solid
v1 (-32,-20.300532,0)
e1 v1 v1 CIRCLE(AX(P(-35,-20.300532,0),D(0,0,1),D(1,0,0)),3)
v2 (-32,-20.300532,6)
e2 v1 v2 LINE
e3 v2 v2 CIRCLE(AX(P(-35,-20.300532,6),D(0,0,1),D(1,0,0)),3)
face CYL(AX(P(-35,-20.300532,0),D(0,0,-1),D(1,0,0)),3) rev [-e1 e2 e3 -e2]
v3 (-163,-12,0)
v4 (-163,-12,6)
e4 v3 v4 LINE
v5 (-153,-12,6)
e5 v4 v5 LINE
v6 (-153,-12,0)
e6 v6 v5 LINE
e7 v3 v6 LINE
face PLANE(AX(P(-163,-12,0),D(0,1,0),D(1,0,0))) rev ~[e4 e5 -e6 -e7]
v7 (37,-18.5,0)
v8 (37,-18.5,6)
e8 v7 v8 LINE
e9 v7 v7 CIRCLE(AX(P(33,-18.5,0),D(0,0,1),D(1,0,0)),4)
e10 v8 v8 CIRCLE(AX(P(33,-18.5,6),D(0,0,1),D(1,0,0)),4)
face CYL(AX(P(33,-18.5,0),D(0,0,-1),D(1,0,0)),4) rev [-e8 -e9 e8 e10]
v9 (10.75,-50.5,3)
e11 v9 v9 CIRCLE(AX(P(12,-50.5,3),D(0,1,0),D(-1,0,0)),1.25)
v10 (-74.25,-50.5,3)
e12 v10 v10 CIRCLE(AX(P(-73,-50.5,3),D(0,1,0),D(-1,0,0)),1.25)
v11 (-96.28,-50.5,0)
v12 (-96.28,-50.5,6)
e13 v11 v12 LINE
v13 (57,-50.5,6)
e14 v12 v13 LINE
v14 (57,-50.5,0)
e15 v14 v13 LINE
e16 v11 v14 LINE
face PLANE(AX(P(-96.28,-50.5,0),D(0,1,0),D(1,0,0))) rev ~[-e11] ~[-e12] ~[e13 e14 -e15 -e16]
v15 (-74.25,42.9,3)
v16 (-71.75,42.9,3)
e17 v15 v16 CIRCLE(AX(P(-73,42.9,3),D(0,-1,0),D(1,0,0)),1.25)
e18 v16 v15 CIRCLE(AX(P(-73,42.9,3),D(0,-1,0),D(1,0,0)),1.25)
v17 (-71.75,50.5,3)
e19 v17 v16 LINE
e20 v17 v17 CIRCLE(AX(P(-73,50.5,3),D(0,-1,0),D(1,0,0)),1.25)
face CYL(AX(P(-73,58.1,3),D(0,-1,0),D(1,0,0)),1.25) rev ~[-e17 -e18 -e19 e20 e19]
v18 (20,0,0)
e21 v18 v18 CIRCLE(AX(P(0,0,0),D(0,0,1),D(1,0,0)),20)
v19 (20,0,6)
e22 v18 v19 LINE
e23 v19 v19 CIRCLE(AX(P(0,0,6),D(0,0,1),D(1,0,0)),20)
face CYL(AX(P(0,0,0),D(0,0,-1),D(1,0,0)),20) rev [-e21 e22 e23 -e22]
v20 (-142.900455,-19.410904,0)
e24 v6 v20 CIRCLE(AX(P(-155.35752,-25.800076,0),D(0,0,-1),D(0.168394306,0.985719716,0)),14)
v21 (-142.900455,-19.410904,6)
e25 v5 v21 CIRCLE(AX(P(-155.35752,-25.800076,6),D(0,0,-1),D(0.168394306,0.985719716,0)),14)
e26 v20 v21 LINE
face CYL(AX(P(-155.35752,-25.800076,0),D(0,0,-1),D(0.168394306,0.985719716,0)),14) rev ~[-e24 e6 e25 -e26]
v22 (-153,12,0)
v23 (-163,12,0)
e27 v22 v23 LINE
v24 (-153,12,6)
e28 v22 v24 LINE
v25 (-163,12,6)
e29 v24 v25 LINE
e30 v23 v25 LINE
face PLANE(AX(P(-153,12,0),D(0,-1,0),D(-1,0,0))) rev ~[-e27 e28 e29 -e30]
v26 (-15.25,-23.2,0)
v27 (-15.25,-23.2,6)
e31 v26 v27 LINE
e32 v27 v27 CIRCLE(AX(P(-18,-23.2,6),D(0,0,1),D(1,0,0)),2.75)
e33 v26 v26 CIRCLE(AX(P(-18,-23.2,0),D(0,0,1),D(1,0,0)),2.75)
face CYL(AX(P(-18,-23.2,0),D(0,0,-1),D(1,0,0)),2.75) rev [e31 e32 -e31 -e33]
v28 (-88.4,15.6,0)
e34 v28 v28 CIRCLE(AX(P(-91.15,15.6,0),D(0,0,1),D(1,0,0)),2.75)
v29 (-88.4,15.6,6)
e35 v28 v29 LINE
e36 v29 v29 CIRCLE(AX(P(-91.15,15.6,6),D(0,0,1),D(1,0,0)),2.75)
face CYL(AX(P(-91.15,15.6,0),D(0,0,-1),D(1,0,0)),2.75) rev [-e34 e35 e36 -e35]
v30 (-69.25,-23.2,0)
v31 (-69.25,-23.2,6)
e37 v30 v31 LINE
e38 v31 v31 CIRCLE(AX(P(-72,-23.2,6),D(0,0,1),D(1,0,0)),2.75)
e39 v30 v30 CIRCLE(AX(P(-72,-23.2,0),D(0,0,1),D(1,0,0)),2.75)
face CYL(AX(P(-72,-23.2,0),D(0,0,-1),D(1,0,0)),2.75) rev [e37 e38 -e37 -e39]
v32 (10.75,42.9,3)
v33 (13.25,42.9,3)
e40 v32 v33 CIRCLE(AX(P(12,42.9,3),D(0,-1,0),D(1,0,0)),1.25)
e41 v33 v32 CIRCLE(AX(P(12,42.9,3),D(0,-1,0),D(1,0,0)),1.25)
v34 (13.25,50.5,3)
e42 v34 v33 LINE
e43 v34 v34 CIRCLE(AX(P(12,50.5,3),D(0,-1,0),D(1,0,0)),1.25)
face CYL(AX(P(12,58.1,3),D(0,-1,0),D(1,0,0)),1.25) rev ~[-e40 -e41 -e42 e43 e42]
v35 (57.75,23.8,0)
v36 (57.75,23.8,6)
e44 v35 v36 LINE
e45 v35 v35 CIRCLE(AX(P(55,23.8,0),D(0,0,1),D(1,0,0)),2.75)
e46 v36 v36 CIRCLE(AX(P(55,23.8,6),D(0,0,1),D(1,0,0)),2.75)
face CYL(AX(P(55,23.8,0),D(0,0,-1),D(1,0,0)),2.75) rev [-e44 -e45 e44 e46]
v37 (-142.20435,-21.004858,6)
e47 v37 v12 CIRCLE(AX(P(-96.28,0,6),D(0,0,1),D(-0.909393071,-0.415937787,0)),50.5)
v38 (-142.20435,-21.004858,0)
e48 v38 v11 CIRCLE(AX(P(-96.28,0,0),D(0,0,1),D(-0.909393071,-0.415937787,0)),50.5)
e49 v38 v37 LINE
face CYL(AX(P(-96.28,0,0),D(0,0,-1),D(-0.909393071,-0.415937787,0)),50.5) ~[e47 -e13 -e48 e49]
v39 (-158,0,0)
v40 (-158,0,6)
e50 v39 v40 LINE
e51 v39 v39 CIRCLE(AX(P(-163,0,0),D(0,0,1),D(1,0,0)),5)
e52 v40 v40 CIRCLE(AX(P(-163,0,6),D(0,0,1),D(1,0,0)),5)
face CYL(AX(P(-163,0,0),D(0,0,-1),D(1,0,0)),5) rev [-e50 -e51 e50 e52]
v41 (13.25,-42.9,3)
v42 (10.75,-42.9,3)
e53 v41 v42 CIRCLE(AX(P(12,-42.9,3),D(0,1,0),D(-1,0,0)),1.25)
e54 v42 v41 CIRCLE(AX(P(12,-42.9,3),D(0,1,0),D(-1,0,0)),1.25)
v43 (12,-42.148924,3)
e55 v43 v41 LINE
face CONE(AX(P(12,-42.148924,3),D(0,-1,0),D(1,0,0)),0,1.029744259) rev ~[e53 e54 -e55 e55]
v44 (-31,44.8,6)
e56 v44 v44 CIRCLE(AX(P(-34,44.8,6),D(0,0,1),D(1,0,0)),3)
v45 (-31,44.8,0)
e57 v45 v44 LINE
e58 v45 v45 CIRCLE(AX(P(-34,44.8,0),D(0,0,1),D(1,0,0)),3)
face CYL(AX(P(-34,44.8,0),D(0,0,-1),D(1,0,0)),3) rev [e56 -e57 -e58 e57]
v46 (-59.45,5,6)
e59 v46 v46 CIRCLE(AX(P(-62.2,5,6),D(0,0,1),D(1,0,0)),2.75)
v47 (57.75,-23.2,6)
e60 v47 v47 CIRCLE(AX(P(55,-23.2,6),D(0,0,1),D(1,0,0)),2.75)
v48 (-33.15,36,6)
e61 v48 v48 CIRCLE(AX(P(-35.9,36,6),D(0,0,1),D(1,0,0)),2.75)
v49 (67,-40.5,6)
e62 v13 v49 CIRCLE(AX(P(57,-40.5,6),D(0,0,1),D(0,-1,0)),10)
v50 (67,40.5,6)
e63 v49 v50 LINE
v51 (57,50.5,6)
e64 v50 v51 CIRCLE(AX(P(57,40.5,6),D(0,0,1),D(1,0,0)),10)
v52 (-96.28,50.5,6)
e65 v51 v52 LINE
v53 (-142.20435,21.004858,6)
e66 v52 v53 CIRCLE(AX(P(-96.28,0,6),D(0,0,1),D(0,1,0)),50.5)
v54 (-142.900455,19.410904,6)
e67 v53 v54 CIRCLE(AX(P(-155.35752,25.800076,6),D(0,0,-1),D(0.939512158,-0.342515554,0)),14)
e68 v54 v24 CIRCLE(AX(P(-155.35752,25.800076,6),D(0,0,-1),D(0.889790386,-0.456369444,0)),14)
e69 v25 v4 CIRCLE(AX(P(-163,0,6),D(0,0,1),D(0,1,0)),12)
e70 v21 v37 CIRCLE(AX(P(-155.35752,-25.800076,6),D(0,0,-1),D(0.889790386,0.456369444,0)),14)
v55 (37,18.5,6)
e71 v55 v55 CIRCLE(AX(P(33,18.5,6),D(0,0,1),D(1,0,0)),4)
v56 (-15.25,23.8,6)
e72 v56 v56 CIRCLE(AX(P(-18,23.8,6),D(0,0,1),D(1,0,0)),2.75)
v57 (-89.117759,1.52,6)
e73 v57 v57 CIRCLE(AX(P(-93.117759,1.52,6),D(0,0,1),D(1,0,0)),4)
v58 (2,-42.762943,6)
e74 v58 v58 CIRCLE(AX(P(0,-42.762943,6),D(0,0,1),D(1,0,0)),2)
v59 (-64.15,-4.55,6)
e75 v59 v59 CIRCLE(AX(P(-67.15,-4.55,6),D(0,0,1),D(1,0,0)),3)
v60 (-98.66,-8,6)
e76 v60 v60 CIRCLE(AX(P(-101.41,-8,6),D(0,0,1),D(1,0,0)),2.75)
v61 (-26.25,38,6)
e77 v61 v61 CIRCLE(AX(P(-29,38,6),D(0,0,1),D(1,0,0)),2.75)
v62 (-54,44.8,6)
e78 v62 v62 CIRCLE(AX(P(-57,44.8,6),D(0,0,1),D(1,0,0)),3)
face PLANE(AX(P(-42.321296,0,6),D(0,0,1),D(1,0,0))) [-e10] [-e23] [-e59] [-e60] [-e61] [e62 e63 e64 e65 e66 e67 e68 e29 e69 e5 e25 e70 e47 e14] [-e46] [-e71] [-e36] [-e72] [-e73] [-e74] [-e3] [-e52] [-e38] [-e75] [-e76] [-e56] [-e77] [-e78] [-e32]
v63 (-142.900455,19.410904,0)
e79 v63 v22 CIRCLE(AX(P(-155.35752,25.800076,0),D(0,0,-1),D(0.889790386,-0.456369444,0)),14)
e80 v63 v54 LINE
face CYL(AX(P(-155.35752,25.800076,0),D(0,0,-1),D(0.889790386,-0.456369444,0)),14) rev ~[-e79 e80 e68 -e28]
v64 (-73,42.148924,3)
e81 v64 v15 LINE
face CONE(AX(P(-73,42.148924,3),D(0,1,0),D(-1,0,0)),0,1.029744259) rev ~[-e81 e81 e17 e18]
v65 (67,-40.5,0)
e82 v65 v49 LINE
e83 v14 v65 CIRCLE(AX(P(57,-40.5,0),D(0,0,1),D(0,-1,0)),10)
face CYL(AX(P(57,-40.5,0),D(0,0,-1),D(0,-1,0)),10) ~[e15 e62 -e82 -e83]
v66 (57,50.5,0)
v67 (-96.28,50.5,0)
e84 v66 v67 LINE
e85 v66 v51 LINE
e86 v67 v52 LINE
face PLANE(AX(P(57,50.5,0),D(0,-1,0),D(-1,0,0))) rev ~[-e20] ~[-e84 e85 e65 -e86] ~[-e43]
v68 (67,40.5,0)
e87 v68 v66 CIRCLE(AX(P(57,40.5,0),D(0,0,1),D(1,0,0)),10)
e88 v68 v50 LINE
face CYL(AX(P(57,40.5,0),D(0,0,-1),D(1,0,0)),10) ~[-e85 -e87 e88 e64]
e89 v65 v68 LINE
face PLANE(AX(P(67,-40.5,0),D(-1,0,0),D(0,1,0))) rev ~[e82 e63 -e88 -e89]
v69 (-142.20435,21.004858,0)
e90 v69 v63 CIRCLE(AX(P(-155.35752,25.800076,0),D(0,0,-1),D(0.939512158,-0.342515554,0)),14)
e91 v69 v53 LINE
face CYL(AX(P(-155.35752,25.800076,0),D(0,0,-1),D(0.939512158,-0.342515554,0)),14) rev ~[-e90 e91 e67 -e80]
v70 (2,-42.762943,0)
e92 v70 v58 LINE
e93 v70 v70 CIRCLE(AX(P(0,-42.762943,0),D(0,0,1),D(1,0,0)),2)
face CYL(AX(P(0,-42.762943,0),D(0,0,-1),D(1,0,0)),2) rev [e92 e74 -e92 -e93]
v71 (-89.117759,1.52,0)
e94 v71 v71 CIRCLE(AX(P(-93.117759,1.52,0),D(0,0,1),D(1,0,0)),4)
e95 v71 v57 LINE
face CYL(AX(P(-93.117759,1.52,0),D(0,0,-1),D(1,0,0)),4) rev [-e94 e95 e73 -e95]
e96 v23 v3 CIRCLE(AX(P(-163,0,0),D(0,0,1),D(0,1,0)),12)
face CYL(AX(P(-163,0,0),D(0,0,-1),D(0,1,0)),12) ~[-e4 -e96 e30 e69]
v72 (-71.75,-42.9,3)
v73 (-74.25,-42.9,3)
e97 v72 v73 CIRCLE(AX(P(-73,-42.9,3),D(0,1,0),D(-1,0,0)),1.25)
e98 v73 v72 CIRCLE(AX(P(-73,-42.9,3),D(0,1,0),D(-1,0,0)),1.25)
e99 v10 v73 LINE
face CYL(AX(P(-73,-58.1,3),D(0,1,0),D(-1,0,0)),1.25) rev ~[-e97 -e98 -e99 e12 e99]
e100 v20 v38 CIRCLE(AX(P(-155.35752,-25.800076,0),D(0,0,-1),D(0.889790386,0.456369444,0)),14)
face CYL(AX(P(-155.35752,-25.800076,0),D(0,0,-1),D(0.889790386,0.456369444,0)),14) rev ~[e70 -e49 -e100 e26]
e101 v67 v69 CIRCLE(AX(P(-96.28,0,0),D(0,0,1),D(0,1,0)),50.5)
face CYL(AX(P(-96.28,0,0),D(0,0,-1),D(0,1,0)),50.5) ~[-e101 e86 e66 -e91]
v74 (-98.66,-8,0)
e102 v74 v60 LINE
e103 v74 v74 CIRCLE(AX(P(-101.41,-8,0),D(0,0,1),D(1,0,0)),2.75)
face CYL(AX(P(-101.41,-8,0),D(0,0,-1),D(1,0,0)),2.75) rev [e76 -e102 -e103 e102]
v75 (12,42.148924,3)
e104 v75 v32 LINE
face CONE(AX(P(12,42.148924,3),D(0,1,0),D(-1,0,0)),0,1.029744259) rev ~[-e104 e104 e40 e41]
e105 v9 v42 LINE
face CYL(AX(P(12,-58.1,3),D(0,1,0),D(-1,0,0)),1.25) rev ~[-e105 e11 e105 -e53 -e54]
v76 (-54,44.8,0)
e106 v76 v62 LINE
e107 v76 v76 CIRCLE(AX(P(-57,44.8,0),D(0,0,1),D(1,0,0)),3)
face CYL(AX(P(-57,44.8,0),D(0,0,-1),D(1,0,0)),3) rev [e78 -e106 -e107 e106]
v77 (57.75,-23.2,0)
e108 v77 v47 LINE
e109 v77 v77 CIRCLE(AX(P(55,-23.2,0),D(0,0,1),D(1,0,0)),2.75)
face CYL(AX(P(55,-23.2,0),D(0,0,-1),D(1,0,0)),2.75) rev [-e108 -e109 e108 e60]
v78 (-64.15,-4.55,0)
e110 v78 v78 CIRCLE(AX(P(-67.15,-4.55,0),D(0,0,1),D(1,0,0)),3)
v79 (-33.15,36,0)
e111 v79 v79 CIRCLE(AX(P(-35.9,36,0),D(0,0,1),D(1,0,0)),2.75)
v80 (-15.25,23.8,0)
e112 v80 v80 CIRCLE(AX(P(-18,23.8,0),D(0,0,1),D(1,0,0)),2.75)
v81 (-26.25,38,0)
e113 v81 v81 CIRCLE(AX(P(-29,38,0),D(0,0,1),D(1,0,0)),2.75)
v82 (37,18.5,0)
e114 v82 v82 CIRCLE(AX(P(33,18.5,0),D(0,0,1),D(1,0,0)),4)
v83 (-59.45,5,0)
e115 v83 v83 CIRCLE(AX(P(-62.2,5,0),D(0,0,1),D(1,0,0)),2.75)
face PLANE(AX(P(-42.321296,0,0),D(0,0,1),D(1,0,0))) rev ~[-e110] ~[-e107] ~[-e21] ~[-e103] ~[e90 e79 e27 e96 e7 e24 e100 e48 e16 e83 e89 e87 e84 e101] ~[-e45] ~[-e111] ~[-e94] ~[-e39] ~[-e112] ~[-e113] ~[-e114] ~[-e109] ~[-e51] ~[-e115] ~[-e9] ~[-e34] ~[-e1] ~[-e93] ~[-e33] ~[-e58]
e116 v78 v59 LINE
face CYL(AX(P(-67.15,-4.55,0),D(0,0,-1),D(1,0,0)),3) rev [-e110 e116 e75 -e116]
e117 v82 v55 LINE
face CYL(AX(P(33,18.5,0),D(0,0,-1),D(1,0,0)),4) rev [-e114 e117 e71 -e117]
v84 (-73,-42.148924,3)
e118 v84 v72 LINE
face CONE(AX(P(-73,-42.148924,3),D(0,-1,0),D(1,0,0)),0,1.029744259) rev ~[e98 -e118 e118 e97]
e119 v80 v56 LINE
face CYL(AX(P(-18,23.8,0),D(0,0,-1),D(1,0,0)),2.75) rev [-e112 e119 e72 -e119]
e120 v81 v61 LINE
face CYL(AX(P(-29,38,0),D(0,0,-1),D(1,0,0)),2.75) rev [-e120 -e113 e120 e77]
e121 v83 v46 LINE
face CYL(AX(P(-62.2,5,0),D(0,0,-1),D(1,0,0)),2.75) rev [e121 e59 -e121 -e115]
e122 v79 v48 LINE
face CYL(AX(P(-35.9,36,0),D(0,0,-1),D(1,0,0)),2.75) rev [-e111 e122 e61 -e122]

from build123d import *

# Parameters (mm, degrees)
F0_R     = 5
F0_R_2   = 2.75
F0_R_3   = 3
F0_R_4   = 2
F0_R_5   = 20
F0_R_6   = 4
F1_DEPTH = 6
F4_D     = 2.5
F4_DEPTH = 7.6
F4_TIP   = 0.7510757738
F7_D     = 2.5
F7_DEPTH = 7.6
F7_TIP   = 0.7510757738


with BuildPart() as f1:
    # F0 (on Top) → F1 (new body)
    with BuildSketch(Plane.XY):
        with BuildLine():
            Line((57, 50.5), (-96.28, 50.5))
            ThreePointArc((-96.28, 50.5), (-123.5701507697, 42.4911481484), (-142.2043500731, 21.0048582562))
            ThreePointArc((-142.2043500731, 21.0048582562), (-142.5276249328, 20.1970602892), (-142.900454883, 19.4109038043))
            ThreePointArc((-142.900454883, 19.4109038043), (-147.0751075285, 14.512842569), (-153, 12))
            Line((-153, 12), (-163, 12))
            ThreePointArc((-163, 12), (-175, 0), (-163, -12))
            Line((-163, -12), (-153, -12))
            ThreePointArc((-153, -12), (-147.0751075285, -14.512842569), (-142.900454883, -19.4109038043))
            ThreePointArc((-142.900454883, -19.4109038043), (-142.5276249328, -20.1970602892), (-142.2043500731, -21.0048582562))
            ThreePointArc((-142.2043500731, -21.0048582562), (-123.5701507697, -42.4911481484), (-96.28, -50.5))
            Line((-96.28, -50.5), (57, -50.5))
            ThreePointArc((57, -50.5), (64.0710678119, -47.5710678119), (67, -40.5))
            Line((67, -40.5), (67, 40.5))
            ThreePointArc((67, 40.5), (64.0710678119, 47.5710678119), (57, 50.5))
        make_face()
        with Locations((-163, 0)):
            Circle(F0_R, mode=Mode.SUBTRACT)
        with Locations((-72, -23.2)):
            Circle(F0_R_2, mode=Mode.SUBTRACT)
        with Locations((-101.41, -8)):
            Circle(F0_R_2, mode=Mode.SUBTRACT)
        with Locations((-67.15, -4.55)):
            Circle(F0_R_3, mode=Mode.SUBTRACT)
        with Locations((0, -42.7629426122)):
            Circle(F0_R_4, mode=Mode.SUBTRACT)
        with Locations((-35, -20.3005317599)):
            Circle(F0_R_3, mode=Mode.SUBTRACT)
        with Locations((-18, -23.2)):
            Circle(F0_R_2, mode=Mode.SUBTRACT)
        Circle(F0_R_5, mode=Mode.SUBTRACT)
        with Locations((33, -18.5)):
            Circle(F0_R_6, mode=Mode.SUBTRACT)
        with Locations((55, -23.2)):
            Circle(F0_R_2, mode=Mode.SUBTRACT)
        with Locations((-93.1177586317, 1.52)):
            Circle(F0_R_6, mode=Mode.SUBTRACT)
        with Locations((-62.2, 5)):
            Circle(F0_R_2, mode=Mode.SUBTRACT)
        with Locations((-91.15, 15.6)):
            Circle(F0_R_2, mode=Mode.SUBTRACT)
        with Locations((-57, 44.8)):
            Circle(F0_R_3, mode=Mode.SUBTRACT)
        with Locations((-18, 23.8)):
            Circle(F0_R_2, mode=Mode.SUBTRACT)
        with Locations((33, 18.5)):
            Circle(F0_R_6, mode=Mode.SUBTRACT)
        with Locations((55, 23.8)):
            Circle(F0_R_2, mode=Mode.SUBTRACT)
        with Locations((-35.9, 36)):
            Circle(F0_R_2, mode=Mode.SUBTRACT)
        with Locations((-29, 38)):
            Circle(F0_R_2, mode=Mode.SUBTRACT)
        with Locations((-34, 44.8)):
            Circle(F0_R_3, mode=Mode.SUBTRACT)
    extrude(amount=F1_DEPTH)

    # F4
    with Locations(Plane.XZ.offset(50.5)):
        with Locations((-73, 3), (12, 3)):
            Hole(F4_D / 2, depth=F4_DEPTH)
            with Locations((0, 0, -(F4_DEPTH + F4_TIP / 2))):  # 118° drill point
                Cone(0, F4_D / 2, F4_TIP, mode=Mode.SUBTRACT)

    # F7
    with Locations(Plane(origin=(0, 50.5, 0), x_dir=(-1, 0, 0), z_dir=(0, 1, 0))):
        with Locations((-12, 3), (73, 3)):
            Hole(F7_D / 2, depth=F7_DEPTH)
            with Locations((0, 0, -(F7_DEPTH + F7_TIP / 2))):  # 118° drill point
                Cone(0, F7_D / 2, F7_TIP, mode=Mode.SUBTRACT)


solid = f1.part
